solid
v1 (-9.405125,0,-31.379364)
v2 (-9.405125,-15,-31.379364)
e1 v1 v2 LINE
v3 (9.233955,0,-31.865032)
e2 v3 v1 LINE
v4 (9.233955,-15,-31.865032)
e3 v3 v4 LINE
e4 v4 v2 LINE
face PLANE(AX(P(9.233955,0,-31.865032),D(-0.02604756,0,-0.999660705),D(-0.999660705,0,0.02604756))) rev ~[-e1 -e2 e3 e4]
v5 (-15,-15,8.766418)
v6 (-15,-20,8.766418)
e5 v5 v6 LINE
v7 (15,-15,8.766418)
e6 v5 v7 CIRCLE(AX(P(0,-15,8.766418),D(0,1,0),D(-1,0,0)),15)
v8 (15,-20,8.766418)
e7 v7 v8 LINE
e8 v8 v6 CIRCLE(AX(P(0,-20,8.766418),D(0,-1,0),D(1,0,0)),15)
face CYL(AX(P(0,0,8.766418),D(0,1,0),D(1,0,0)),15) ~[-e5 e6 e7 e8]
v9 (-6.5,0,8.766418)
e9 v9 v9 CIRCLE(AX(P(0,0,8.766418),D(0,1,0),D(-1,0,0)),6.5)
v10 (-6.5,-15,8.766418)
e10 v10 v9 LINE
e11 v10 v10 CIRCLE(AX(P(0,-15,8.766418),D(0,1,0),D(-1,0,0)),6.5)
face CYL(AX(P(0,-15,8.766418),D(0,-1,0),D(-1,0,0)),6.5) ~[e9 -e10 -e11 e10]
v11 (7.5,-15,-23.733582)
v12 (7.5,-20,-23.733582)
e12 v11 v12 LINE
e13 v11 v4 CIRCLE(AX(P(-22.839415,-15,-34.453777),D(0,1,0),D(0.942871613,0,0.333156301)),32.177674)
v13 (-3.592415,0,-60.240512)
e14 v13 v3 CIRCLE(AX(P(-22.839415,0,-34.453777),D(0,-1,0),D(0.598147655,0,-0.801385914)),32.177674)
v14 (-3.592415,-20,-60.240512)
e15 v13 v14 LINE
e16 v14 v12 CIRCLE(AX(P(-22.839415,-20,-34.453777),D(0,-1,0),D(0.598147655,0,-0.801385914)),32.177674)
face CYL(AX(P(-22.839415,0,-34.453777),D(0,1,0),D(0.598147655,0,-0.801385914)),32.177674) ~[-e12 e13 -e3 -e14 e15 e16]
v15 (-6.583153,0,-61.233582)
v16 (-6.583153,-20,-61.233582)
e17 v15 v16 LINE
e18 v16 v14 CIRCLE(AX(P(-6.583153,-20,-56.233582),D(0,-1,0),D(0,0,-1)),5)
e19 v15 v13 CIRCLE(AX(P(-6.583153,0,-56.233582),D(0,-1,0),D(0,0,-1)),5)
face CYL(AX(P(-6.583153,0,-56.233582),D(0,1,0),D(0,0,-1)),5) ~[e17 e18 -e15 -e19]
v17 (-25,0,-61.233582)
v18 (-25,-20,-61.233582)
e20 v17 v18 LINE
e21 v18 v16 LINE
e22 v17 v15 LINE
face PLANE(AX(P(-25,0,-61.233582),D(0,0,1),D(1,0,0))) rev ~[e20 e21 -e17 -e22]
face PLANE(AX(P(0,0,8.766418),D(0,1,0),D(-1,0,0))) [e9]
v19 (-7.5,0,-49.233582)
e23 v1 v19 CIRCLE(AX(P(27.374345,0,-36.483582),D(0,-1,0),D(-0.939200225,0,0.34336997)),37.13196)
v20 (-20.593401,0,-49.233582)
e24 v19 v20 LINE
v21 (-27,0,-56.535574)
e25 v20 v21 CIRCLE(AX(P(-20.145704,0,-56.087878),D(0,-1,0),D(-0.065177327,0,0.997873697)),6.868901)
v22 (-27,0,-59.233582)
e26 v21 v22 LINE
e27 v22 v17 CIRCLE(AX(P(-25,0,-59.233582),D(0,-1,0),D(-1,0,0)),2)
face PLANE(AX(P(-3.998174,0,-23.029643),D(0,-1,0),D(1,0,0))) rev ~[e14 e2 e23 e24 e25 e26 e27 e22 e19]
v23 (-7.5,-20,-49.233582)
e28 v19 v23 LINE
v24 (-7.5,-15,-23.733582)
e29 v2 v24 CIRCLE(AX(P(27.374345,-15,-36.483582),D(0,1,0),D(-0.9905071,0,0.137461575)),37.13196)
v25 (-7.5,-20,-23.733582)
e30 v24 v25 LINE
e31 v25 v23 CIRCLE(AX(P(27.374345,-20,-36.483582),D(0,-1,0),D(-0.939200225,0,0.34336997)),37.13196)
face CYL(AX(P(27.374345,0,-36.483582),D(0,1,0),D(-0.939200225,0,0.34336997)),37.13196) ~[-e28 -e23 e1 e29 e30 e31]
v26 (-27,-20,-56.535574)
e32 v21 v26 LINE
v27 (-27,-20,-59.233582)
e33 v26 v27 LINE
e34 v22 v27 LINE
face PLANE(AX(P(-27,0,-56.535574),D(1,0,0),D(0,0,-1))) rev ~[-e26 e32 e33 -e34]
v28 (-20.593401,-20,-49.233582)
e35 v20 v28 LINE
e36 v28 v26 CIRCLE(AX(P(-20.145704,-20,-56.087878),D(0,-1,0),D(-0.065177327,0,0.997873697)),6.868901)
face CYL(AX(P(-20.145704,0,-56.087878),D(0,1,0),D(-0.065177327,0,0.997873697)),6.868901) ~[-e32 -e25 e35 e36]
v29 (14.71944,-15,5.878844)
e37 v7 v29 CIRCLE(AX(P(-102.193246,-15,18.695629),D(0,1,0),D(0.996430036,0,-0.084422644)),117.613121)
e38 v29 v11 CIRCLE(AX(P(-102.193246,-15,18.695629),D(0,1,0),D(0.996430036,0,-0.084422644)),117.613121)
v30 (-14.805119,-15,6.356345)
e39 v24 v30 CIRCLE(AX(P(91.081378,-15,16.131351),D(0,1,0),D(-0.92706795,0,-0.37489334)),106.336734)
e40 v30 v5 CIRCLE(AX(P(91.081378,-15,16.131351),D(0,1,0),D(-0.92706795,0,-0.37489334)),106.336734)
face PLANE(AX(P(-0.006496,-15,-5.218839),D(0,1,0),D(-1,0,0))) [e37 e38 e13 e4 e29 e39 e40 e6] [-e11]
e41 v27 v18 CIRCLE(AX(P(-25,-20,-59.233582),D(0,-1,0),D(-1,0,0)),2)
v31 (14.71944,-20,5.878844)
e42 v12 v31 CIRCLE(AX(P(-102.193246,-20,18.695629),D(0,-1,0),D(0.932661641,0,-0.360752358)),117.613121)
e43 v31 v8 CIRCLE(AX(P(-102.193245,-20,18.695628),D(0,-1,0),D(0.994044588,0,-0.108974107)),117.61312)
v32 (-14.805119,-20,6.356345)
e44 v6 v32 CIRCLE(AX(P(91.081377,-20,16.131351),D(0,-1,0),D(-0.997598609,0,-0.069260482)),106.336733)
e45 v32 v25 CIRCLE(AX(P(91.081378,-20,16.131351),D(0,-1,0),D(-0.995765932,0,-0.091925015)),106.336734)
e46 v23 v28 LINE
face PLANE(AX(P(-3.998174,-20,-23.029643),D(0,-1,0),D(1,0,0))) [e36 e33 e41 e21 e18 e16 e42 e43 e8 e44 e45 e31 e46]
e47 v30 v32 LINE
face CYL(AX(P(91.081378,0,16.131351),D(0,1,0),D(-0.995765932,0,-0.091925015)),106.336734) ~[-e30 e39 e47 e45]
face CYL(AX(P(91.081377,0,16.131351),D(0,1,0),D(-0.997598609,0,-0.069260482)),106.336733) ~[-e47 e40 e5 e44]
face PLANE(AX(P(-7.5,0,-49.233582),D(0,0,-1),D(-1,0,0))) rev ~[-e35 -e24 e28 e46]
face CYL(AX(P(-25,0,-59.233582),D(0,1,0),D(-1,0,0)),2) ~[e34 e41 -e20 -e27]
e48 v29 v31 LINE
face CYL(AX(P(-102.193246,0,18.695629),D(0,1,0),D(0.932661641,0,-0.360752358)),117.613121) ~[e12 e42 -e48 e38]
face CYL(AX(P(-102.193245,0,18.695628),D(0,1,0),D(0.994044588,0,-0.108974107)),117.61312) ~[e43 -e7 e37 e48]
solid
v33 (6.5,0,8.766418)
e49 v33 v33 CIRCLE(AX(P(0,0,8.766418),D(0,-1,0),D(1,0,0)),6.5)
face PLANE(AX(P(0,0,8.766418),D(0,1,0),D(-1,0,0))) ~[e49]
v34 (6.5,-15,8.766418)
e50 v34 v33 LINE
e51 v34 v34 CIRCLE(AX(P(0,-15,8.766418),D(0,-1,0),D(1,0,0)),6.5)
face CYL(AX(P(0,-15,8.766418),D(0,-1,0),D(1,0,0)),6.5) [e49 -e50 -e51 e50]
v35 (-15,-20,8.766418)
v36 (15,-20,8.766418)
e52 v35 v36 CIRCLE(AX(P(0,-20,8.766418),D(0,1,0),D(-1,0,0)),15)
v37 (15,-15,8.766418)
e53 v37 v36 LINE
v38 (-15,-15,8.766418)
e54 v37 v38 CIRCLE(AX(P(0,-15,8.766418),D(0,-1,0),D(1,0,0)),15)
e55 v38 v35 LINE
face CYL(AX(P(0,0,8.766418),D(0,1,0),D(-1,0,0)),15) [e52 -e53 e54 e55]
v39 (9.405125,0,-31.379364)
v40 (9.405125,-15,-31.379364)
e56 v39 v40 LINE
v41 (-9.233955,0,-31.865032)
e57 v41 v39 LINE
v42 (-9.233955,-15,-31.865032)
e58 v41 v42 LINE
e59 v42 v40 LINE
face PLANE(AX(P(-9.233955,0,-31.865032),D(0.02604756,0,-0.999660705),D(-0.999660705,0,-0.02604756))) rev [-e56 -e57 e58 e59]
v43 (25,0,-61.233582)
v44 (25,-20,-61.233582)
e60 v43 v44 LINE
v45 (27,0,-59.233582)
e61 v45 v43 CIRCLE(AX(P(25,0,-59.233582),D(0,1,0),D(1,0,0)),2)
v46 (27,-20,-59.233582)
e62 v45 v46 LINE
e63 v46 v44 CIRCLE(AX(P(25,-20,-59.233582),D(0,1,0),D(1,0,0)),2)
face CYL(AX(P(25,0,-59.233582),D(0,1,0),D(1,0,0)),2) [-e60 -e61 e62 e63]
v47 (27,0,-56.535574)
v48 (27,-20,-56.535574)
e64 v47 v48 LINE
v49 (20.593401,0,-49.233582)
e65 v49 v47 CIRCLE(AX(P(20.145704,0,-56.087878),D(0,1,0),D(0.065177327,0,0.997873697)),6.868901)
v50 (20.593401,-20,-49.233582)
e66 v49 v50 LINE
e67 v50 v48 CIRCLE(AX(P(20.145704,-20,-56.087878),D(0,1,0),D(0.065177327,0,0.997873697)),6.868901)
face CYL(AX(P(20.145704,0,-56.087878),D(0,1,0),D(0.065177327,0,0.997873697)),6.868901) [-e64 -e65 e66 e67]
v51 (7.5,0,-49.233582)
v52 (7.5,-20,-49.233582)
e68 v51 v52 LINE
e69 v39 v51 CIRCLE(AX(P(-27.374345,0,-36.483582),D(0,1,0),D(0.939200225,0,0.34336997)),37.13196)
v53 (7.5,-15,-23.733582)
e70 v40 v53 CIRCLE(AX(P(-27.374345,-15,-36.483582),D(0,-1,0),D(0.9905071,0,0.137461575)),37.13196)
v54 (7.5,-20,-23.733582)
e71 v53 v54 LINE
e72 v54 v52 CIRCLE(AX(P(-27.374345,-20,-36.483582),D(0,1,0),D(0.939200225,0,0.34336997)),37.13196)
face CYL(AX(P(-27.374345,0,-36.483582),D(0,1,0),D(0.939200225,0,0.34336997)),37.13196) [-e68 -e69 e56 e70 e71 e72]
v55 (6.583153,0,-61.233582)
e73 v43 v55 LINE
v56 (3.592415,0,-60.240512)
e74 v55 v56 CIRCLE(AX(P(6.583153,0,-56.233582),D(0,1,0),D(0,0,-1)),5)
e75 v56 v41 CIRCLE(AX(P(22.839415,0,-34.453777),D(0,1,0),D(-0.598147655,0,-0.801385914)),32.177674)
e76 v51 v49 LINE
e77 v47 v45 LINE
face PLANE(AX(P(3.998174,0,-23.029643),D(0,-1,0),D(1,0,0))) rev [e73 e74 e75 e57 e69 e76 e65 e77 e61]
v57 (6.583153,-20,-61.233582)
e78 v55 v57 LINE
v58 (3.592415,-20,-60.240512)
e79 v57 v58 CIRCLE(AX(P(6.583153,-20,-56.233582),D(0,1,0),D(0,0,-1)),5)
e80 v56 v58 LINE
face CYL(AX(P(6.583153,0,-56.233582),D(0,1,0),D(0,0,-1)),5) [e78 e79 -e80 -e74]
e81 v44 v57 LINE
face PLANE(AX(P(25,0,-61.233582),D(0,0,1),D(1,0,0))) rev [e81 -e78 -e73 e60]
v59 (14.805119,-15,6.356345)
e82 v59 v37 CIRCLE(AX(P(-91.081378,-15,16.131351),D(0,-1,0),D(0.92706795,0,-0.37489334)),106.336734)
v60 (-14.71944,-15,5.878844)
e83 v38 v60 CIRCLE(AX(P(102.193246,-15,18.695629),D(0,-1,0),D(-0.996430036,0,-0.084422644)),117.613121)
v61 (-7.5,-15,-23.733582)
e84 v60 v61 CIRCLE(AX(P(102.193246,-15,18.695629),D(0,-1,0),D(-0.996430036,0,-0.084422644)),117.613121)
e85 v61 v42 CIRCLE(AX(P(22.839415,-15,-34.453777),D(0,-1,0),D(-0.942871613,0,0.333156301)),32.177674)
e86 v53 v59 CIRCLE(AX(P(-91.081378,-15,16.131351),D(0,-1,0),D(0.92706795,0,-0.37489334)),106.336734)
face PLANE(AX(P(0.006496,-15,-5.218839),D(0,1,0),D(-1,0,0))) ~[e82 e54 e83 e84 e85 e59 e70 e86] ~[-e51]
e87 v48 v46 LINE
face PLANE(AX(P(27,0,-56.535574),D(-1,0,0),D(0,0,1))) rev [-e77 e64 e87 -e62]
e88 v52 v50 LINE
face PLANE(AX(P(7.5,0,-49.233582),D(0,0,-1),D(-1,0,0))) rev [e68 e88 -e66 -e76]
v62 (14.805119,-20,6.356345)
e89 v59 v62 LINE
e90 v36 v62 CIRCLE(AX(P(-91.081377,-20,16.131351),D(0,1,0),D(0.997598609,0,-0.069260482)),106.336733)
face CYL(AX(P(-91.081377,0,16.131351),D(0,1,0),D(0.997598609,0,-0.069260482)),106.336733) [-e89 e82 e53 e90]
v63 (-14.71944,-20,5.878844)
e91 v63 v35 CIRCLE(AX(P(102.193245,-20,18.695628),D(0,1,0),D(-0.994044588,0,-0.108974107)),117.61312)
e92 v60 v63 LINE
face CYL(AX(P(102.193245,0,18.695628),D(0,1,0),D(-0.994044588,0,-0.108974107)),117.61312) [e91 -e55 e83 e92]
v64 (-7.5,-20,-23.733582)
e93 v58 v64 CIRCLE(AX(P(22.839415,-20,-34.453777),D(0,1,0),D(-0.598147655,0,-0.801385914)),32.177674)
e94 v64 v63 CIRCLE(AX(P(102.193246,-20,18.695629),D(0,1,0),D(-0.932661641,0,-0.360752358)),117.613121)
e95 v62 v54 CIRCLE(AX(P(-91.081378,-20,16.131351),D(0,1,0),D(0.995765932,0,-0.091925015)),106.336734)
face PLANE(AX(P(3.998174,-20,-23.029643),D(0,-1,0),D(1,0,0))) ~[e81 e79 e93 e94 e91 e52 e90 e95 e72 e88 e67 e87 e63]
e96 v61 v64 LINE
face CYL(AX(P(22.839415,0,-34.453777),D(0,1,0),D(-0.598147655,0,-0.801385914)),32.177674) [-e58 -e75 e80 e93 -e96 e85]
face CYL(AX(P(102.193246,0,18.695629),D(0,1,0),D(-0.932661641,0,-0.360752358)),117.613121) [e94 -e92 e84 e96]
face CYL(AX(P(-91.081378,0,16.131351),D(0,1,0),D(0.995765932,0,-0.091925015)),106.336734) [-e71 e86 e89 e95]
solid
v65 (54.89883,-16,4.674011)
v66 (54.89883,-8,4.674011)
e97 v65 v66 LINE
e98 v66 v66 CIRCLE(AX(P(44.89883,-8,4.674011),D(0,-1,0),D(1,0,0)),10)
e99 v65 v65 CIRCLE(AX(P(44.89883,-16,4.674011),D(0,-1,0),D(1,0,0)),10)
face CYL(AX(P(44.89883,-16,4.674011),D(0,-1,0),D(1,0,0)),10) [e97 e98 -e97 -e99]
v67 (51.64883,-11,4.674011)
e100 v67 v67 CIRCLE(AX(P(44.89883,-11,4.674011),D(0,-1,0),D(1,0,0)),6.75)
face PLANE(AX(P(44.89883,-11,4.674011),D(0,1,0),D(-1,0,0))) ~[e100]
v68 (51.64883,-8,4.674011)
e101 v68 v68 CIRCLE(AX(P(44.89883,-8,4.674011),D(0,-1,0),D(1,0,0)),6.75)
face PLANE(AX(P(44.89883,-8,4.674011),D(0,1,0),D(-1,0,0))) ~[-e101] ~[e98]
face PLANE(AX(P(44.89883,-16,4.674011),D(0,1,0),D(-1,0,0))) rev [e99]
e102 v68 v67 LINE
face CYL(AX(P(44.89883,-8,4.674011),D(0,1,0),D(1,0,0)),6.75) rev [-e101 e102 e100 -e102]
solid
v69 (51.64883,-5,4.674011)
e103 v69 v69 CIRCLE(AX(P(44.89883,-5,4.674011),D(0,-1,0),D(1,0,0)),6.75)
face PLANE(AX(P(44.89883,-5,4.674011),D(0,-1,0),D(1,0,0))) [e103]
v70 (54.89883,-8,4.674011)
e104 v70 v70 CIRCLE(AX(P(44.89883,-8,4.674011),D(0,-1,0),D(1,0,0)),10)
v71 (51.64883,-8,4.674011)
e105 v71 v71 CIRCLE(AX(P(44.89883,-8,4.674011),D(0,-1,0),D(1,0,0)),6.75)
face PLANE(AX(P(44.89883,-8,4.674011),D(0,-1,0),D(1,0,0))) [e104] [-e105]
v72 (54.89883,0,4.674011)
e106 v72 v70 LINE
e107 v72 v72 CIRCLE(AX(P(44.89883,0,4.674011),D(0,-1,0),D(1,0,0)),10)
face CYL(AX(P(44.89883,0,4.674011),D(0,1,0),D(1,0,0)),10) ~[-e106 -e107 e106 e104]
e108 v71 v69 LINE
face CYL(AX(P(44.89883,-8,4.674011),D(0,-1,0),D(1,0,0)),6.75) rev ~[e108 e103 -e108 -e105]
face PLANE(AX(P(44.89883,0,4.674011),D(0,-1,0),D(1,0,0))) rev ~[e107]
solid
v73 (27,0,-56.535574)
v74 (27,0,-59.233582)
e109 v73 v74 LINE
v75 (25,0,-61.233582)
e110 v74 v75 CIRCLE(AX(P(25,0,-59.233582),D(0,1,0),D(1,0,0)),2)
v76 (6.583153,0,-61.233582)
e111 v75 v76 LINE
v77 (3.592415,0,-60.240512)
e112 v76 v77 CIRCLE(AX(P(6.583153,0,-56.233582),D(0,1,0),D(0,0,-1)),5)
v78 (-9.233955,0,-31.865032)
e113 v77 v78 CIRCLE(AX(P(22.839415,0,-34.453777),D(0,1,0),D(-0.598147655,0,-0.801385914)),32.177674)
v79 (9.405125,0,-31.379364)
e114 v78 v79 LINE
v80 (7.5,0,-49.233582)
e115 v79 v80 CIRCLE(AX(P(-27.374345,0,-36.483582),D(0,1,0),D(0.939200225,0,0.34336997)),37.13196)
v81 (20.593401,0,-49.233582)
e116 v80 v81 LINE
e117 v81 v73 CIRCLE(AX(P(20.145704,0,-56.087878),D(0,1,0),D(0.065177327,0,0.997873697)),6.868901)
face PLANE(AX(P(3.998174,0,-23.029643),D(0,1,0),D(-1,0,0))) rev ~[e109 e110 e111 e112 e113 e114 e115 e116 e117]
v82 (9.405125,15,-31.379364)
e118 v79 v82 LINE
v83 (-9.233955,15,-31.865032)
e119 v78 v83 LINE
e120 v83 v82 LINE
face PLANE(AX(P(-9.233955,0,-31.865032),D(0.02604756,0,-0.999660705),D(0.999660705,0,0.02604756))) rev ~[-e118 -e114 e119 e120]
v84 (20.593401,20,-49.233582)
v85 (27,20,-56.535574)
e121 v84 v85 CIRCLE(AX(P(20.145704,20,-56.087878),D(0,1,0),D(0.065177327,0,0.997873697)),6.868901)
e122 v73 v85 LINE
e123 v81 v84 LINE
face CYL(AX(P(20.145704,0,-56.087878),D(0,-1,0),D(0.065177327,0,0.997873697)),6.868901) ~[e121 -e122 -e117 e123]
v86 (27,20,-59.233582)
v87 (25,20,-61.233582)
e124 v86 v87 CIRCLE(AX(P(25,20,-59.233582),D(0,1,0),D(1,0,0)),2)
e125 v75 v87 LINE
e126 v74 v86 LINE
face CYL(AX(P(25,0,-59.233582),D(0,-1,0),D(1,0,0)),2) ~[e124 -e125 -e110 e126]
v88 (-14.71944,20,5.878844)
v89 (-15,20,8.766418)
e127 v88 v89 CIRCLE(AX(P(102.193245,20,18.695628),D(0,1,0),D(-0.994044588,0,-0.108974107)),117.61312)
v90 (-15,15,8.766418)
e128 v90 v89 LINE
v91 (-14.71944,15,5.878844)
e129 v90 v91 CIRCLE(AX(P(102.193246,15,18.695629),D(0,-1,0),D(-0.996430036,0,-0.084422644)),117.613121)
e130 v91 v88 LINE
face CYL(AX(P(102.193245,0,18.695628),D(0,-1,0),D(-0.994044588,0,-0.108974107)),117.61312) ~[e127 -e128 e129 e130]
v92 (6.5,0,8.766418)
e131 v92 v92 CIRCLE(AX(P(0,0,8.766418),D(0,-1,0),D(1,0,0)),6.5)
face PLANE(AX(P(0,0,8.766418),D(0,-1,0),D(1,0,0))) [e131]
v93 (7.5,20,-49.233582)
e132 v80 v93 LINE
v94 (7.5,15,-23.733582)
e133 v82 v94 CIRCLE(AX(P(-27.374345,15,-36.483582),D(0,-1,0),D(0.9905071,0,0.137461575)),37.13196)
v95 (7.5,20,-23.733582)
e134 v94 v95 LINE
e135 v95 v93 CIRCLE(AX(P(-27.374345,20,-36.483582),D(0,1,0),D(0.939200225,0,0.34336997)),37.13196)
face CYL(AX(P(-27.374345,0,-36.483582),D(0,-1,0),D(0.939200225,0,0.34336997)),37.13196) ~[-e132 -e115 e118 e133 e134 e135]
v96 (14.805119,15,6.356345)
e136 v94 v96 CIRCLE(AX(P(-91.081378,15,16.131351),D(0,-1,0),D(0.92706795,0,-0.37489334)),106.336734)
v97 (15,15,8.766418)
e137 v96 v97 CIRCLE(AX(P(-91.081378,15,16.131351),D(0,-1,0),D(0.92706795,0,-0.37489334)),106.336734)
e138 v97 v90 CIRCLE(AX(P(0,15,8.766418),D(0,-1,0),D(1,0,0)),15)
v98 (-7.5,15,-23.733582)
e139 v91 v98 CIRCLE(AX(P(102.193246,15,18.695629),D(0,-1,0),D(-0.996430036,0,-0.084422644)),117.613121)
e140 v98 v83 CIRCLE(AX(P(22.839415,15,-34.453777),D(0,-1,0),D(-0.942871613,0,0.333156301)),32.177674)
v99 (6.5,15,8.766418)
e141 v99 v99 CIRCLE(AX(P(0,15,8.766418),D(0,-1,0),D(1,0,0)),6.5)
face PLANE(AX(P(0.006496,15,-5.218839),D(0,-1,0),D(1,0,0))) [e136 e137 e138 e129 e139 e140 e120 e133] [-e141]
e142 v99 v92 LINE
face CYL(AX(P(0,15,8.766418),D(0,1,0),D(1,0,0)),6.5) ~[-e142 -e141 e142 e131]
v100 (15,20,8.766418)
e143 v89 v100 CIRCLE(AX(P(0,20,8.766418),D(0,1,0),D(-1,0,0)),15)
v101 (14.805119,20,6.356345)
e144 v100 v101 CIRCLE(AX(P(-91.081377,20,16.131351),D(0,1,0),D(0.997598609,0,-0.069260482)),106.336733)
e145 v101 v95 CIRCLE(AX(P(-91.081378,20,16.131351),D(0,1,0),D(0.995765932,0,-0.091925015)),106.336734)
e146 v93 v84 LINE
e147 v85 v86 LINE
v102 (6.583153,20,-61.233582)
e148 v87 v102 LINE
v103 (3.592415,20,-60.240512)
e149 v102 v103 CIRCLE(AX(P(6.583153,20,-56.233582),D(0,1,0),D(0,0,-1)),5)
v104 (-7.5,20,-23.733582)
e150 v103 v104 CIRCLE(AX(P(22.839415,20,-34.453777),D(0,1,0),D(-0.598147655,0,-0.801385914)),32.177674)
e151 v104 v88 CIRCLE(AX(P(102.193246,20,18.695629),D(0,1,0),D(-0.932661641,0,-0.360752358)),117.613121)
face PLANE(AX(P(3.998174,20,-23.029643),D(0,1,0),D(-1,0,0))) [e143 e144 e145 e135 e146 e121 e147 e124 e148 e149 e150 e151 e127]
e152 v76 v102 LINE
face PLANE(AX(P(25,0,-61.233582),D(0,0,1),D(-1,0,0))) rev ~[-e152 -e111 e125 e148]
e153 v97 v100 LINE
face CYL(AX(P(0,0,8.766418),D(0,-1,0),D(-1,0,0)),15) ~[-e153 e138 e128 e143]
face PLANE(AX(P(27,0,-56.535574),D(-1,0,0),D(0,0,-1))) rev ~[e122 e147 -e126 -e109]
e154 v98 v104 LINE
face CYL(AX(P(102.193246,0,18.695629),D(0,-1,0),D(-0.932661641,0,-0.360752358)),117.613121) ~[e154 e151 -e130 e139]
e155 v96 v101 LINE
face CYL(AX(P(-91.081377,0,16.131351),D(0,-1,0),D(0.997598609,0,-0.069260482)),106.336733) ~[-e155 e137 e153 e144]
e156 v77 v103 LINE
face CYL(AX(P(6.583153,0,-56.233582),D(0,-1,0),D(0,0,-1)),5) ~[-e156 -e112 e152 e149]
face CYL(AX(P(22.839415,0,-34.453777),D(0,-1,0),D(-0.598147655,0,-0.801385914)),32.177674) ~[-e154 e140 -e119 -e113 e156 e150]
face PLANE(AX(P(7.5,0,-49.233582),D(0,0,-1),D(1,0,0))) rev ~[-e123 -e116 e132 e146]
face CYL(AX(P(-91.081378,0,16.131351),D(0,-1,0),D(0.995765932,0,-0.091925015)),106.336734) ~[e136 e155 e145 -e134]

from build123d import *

# Parameters (mm, degrees)
F1_DEPTH = 20
F3_DEPTH = 15
F4_R     = 6.5
F5_DEPTH = 15
F6_R     = 10
F7_DEPTH = 8
F8_R     = 6.75
F9_DEPTH = 3


with BuildPart() as f1:
    # F0 (on Front) → F1 (new body)
    with BuildSketch(Plane.XZ):
        with BuildLine():
            ThreePointArc((7.5, -23.7335821161), (12.0730484615, -9.1622264301), (14.7194400461, 5.8788436895))
            ThreePointArc((14.7194400461, 5.8788436895), (14.8686238637, 7.3217656795), (15, 8.7664178839))
            ThreePointArc((15, 8.7664178839), (0, 23.7664178839), (-15, 8.7664178839))
            ThreePointArc((-15, 8.7664178839), (-14.9094099416, 7.5608277396), (-14.8051190773, 6.3563454564))
            ThreePointArc((-14.8051190773, 6.3563454564), (-12.2536543916, -8.9559379835), (-7.5, -23.7335821161))
            ThreePointArc((-7.5, -23.7335821161), (-9.7576147968, -36.4835821161), (-7.5, -49.2335821161))
            Line((-7.5, -49.2335821161), (-19.6980078494, -49.2335821161))
            Line((-19.6980078494, -49.2335821161), (-20.5934010505, -49.2335821161))
            ThreePointArc((-20.5934010505, -49.2335821161), (-25.3089926158, -51.5577281047), (-27, -56.5355742668))
            Line((-27, -56.5355742668), (-27, -59.2335821161))
            ThreePointArc((-27, -59.2335821161), (-26.4142135624, -60.6477956785), (-25, -61.2335821161))
            Line((-25, -61.2335821161), (-6.5831534378, -61.2335821161))
            ThreePointArc((-6.5831534378, -61.2335821161), (-5.0075024369, -60.9788243569), (-3.5924151633, -60.2405116855))
            ThreePointArc((-3.5924151633, -60.2405116855), (7.9484414636, -43.8084856455), (7.5, -23.7335821161))
        make_face()
    extrude(amount=F1_DEPTH)

    # F2 (on face) → F3 (cut)
    with BuildSketch(Plane(origin=(0, 0, 0), x_dir=(-1, 0, 0), z_dir=(0, 1, 0))):
        with BuildLine():
            ThreePointArc((15, 8.7664178839), (10.6066017178, 19.3730196017), (0, 23.7664178839))
            ThreePointArc((0, 23.7664178839), (-10.6066017178, 19.3730196017), (-15, 8.7664178839))
            ThreePointArc((-15, 8.7664178839), (-12.4079431857, -7.7507997744), (-7.5, -23.7335821161))
            ThreePointArc((-7.5, -23.7335821161), (-8.6307146126, -27.7430675083), (-9.2339552182, -31.8650317751))
            Line((-9.2339552182, -31.8650317751), (9.4051248205, -31.3793644283))
            ThreePointArc((9.4051248205, -31.3793644283), (8.6559449142, -27.5057957822), (7.5, -23.7335821161))
            ThreePointArc((7.5, -23.7335821161), (12.532199405, -7.7794742865), (15, 8.7664178839))
        make_face()
    extrude(amount=-F3_DEPTH, mode=Mode.SUBTRACT)

    # F4 (on face) → F5 (join)
    with BuildSketch(Plane(origin=(0, -15, 0), x_dir=(-1, 0, 0), z_dir=(0, 1, 0))):
        with Locations((0, 8.7664178839)):
            Circle(F4_R)
    extrude(amount=F5_DEPTH)


with BuildPart() as f7:
    # F6 (on Front) → F7 (new body)
    with BuildSketch(Plane.XZ):
        with Locations((44.8988303542, 4.6740109101)):
            Circle(F6_R)
    extrude(amount=F7_DEPTH)

    # F8 (on face) → F9 (cut)
    with BuildSketch(Plane.XZ.offset(8)):
        with Locations((44.8988303542, 4.6740109101)):
            Circle(F8_R)
    extrude(amount=-F9_DEPTH, mode=Mode.SUBTRACT)


with BuildPart() as f10_1:
    # F10: instance of F1
    add(f1.part.mirror(Plane.YZ))


with BuildPart() as f11_1:
    # F11: instance of F10_1
    add(f10_1.part.mirror(Plane(origin=(0, 0, 8.7664178839), x_dir=(-1, 0, 0), z_dir=(0, 1, 0))))


with BuildPart() as f12_1:
    # F12: instance of F7
    add(f7.part.mirror(Plane(origin=(44.8988303542, -8, 4.6740109101), x_dir=(1, 0, 0), z_dir=(0, -1, 0))))


solid = Compound([f1.part, f7.part, f10_1.part, f11_1.part, f12_1.part])
